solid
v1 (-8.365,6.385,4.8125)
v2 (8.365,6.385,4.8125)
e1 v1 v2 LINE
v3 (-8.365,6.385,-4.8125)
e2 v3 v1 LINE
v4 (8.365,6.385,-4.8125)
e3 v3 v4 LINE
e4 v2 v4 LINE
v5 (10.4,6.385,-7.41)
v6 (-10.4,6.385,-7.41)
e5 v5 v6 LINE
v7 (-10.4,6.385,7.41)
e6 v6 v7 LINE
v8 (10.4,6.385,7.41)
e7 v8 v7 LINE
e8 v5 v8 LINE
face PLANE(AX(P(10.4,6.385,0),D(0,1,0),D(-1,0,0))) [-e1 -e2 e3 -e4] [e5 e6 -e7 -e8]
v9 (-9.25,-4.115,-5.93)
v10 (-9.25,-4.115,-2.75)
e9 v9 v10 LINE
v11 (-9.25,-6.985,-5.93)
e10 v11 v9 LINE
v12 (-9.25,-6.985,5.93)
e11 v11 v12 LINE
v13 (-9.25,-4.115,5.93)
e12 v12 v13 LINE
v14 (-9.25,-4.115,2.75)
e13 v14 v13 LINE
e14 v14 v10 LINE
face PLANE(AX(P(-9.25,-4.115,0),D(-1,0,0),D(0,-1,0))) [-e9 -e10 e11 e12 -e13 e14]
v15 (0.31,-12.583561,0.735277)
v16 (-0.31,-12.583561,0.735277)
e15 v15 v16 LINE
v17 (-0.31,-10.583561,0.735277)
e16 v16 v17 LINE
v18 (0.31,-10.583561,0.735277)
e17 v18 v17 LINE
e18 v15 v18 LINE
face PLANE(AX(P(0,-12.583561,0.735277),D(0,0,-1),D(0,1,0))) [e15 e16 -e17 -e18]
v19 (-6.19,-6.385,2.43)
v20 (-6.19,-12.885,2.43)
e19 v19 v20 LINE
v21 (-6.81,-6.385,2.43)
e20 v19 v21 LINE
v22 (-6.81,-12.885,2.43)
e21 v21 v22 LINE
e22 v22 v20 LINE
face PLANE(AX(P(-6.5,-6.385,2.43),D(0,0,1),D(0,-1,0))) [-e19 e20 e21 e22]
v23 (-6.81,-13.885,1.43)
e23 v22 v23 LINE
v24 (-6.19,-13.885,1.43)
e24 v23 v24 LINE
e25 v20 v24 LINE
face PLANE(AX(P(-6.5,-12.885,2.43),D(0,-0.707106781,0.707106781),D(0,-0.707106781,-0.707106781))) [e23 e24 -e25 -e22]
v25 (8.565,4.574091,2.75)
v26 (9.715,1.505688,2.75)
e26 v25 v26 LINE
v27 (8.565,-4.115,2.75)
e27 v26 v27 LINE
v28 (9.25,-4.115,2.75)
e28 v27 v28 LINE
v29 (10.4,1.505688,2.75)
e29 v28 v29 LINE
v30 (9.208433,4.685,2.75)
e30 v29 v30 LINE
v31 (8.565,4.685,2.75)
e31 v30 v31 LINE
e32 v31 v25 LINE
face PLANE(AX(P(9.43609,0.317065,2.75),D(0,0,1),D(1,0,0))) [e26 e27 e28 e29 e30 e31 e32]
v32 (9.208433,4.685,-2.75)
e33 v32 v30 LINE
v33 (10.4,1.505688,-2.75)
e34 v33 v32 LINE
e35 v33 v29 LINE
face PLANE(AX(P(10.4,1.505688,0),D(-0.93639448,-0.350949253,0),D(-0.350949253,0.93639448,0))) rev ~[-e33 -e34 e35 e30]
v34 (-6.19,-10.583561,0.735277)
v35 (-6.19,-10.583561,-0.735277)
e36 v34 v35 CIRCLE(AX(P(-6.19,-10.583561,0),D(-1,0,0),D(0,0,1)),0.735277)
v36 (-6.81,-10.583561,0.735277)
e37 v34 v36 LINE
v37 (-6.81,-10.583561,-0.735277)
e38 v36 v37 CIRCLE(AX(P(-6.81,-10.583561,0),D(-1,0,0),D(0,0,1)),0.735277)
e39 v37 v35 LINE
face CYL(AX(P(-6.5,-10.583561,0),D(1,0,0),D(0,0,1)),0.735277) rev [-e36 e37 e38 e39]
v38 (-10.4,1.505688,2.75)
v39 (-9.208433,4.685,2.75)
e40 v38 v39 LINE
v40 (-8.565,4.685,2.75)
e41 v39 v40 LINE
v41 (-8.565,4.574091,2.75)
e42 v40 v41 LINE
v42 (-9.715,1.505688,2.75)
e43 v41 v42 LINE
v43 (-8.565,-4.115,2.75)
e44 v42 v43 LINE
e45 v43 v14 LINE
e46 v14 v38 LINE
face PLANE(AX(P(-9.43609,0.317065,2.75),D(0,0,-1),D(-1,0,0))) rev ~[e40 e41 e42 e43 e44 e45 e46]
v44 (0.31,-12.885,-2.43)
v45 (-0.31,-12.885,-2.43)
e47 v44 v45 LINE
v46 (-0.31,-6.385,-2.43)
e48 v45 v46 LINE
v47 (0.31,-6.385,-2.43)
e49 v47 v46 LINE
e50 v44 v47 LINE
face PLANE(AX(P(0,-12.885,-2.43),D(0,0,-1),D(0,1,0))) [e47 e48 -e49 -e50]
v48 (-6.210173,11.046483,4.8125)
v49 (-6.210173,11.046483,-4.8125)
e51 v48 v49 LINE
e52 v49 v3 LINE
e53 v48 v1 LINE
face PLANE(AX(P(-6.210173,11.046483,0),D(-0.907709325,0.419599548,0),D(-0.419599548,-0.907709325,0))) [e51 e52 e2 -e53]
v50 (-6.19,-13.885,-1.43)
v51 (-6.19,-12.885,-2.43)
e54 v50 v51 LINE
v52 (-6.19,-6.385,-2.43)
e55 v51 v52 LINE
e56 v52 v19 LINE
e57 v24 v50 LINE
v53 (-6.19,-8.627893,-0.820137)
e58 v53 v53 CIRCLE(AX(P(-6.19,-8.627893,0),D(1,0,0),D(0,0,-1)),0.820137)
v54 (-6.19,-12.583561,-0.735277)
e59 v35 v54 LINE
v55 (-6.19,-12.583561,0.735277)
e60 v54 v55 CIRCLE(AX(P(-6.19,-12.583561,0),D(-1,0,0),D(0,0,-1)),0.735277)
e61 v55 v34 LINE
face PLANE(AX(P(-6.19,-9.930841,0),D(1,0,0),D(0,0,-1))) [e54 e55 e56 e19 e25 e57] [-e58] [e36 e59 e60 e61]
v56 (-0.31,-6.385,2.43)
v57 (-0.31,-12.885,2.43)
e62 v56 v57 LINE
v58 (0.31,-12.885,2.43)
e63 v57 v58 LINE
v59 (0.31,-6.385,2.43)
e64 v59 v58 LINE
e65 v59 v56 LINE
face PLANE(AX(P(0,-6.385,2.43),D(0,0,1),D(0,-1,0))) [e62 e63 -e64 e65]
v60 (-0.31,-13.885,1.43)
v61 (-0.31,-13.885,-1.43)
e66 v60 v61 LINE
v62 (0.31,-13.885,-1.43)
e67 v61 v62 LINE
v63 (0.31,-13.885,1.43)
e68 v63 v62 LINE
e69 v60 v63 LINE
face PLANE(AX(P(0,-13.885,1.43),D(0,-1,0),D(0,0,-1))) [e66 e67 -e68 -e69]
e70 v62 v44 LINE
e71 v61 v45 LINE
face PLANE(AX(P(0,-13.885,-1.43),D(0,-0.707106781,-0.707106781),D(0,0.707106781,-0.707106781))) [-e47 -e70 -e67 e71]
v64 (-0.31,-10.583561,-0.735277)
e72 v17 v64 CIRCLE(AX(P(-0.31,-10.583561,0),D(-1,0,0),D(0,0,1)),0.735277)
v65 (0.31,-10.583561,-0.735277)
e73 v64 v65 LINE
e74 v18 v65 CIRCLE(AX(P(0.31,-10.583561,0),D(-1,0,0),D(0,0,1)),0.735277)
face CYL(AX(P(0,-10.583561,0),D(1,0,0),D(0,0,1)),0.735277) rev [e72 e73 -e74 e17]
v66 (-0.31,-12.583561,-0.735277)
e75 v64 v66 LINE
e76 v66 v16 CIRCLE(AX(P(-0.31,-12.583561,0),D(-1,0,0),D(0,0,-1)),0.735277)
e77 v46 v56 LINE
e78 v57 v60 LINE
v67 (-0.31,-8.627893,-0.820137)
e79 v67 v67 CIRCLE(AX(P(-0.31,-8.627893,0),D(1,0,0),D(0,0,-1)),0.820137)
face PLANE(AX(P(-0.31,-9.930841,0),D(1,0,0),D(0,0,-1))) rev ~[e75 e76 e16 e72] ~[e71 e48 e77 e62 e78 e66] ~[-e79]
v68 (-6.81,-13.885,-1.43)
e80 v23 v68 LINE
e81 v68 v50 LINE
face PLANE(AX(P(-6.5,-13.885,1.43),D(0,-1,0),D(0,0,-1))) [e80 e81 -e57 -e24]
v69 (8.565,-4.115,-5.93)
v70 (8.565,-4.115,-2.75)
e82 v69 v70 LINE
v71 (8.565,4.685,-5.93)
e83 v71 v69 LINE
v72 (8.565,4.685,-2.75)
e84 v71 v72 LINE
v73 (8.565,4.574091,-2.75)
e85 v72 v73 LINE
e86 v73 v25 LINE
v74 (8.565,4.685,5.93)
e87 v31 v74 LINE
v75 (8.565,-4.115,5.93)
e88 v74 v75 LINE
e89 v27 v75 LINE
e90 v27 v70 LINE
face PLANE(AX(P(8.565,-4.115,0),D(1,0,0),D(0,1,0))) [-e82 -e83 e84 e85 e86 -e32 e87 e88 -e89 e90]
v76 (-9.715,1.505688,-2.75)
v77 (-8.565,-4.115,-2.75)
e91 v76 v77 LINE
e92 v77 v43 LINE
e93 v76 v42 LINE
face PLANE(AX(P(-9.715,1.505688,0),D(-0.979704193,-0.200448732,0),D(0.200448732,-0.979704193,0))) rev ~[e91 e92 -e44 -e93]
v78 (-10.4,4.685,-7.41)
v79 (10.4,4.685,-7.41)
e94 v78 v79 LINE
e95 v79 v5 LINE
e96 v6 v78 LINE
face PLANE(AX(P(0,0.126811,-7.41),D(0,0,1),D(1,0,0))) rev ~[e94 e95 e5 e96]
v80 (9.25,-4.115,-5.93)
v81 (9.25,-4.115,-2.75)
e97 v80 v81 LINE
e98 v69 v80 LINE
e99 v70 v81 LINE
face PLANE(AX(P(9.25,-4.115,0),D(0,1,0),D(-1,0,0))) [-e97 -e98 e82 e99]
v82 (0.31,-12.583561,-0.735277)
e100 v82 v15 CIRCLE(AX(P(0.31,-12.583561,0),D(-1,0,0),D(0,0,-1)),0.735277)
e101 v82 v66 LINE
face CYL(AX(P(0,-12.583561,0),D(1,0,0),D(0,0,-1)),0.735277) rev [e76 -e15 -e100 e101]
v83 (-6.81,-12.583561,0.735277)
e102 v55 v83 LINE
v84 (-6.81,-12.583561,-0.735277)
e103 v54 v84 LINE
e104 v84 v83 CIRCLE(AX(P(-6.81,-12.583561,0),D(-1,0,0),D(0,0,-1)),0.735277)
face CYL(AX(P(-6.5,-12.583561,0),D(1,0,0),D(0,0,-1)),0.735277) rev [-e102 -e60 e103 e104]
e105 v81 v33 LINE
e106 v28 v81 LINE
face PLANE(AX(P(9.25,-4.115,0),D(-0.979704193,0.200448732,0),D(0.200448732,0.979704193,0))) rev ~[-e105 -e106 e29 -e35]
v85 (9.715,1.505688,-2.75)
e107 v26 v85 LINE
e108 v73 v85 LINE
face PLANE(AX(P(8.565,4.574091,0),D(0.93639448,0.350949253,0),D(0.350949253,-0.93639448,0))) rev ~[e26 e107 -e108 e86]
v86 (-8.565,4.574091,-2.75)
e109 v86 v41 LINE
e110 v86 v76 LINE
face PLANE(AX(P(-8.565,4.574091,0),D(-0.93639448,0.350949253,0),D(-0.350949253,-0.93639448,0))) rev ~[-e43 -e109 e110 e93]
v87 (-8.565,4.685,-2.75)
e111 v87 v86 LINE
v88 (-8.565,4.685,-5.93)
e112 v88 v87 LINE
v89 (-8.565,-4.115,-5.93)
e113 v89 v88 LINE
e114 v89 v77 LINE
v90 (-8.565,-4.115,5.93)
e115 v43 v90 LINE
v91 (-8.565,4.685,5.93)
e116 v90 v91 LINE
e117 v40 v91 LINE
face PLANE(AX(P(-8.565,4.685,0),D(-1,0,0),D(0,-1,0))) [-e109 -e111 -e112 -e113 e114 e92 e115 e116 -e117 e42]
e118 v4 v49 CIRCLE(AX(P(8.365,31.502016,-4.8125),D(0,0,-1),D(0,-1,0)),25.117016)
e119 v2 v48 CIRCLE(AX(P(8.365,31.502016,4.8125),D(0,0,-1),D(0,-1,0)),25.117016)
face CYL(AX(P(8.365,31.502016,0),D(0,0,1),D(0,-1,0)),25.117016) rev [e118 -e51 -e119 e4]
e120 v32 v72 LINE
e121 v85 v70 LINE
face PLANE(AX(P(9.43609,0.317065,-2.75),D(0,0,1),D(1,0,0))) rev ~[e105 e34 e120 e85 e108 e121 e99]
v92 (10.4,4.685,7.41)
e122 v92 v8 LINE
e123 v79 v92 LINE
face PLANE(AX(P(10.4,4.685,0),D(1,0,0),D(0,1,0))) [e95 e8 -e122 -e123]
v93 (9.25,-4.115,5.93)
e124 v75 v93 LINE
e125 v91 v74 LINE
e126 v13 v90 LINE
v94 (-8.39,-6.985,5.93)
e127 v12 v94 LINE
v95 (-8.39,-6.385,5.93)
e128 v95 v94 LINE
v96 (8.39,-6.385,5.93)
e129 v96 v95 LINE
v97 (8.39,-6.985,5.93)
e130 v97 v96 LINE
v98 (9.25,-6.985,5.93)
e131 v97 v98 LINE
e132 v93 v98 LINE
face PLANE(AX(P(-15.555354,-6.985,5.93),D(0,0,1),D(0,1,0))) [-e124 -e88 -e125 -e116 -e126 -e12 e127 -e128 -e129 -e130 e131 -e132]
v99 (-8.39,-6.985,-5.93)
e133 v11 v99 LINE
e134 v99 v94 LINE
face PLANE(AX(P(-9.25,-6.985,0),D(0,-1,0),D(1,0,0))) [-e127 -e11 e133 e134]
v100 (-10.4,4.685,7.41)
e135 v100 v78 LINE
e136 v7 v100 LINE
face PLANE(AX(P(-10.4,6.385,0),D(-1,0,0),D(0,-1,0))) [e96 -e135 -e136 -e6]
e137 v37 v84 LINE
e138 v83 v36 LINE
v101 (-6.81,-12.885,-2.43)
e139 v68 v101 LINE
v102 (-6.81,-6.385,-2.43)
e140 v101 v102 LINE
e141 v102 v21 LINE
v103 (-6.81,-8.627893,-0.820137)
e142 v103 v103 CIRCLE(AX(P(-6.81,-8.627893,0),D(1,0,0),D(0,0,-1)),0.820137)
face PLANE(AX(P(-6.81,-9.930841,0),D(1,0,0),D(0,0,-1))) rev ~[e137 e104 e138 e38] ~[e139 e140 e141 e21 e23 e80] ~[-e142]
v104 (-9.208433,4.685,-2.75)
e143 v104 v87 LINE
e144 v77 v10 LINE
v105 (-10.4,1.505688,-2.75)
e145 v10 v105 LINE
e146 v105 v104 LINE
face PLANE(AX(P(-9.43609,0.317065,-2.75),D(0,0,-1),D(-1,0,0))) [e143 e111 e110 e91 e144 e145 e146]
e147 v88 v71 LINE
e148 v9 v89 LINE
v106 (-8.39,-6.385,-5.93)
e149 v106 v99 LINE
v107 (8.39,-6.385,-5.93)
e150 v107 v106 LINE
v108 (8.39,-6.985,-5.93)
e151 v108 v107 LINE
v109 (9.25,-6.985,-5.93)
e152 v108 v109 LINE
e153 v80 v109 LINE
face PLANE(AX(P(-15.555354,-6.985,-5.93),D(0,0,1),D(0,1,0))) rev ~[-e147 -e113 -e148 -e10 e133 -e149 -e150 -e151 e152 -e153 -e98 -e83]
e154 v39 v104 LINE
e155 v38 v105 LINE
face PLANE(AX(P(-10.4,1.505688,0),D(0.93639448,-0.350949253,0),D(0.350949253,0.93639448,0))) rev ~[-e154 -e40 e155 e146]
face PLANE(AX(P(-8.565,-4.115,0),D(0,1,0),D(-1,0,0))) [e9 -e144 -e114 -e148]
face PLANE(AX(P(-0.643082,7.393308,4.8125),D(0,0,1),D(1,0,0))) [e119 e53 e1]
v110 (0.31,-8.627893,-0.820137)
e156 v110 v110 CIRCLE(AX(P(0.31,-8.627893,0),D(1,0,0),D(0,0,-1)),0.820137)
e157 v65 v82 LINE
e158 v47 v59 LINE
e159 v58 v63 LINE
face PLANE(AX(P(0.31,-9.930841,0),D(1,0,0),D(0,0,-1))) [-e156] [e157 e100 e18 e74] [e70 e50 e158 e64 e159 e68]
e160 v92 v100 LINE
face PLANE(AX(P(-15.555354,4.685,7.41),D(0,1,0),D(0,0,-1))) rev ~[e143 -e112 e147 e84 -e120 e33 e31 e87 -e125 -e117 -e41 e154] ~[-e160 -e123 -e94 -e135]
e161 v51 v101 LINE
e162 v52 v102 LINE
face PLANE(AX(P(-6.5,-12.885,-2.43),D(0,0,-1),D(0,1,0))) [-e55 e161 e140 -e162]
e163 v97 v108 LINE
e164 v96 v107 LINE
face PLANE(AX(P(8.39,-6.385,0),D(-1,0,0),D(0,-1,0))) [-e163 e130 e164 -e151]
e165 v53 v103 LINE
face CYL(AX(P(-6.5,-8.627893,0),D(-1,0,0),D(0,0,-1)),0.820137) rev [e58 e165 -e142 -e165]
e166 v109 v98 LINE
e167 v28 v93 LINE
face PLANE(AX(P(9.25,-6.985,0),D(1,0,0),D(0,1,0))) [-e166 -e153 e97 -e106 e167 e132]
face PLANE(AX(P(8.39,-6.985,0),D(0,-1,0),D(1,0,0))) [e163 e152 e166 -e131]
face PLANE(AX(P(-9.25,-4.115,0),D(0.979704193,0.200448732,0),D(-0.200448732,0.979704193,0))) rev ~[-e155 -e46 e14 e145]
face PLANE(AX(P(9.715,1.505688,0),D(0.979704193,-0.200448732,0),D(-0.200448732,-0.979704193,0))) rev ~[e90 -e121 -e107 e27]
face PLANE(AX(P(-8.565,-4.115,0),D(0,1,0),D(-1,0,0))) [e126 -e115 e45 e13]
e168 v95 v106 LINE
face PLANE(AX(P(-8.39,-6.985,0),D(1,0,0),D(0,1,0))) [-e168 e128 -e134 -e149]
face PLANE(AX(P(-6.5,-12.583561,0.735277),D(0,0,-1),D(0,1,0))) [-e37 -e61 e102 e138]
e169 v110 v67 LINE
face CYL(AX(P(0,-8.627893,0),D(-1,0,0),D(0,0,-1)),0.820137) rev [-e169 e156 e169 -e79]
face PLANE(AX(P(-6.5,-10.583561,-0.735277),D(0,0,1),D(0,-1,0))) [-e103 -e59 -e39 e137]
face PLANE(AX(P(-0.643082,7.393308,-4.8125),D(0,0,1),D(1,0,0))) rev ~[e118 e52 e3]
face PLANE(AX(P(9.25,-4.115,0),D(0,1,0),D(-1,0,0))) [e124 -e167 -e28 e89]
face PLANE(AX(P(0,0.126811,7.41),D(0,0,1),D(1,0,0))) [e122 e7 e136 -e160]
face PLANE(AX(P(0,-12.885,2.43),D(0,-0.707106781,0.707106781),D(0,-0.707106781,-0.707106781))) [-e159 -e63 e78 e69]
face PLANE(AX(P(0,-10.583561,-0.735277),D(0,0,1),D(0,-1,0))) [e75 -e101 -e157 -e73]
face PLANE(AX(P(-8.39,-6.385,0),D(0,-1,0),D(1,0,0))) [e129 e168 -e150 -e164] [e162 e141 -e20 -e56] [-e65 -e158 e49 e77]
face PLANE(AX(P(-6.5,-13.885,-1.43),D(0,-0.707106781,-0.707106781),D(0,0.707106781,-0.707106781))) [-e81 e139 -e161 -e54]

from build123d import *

# Parameters (mm, degrees)
BOSS_EXTRUDE1_DEPTH     = 7.41
CUT_EXTRUDE1_DEPTH      = 15.555353826
CUT_EXTRUDE1_DEPTH_BACK = 15.555353826
SKETCH2_W               = 1.48
SKETCH2_H               = 11.67
BOSS_EXTRUDE2_DEPTH     = 2.75
BOSS_EXTRUDE3_DEPTH     = 4.8125
SKETCH6_R               = 0.820137038
BOSS_EXTRUDE4_DEPTH     = 0.31
LPATTERN1_COUNT         = 2
LPATTERN1_PITCH         = 6.5


with BuildPart() as part:
    # Sketch1 → Boss-Extrude1 (new, symmetric)
    with BuildSketch(Plane.XY):
        Polygon((8.39, -6.985), (9.25, -6.985), (9.25, -4.115), (8.565, -4.115), (8.565, 4.685), (10.4, 4.685), (10.4, 6.385), (-10.4, 6.385), (-10.4, 4.685), (-8.565, 4.685), (-8.565, -4.115), (-9.25, -4.115), (-9.25, -6.985), (-8.39, -6.985), (-8.39, -6.385), (8.39, -6.385), align=None)
    extrude(amount=BOSS_EXTRUDE1_DEPTH, both=True)

    # Sketch2 → Cut-Extrude1 (cut, two sides: drawn at the far end of the back side and taken through both)
    with BuildSketch(Plane(origin=(0, 0, 0), x_dir=(0, 0, -1), z_dir=(1, 0, 0)).offset(-CUT_EXTRUDE1_DEPTH_BACK)):
        with Locations((-6.67, -1.15)):
            Rectangle(SKETCH2_W, SKETCH2_H)
        with Locations((6.67, -1.15)):
            Rectangle(SKETCH2_W, SKETCH2_H)
    extrude(amount=CUT_EXTRUDE1_DEPTH + CUT_EXTRUDE1_DEPTH_BACK, mode=Mode.SUBTRACT)

    # Sketch3 → Boss-Extrude2 (add, symmetric)
    with BuildSketch(Plane.XY):
        Polygon((9.25, -4.115), (10.4, 1.505688207), (9.208432641, 4.685), (8.565, 4.685), (8.565, 4.574090958), (9.715, 1.505688207), (8.565, -4.115), align=None)
        Polygon((-8.565, -4.115), (-9.25, -4.115), (-10.4, 1.505688207), (-9.208432641, 4.685), (-8.565, 4.685), (-8.565, 4.574090958), (-9.715, 1.505688207), align=None)
    extrude(amount=BOSS_EXTRUDE2_DEPTH, both=True)

    # Sketch4 → Boss-Extrude3 (add, symmetric)
    with BuildSketch(Plane.XY):
        with BuildLine():
            Line((-6.210173318, 11.046483266), (-8.365, 6.385))
            Line((-8.365, 6.385), (8.365, 6.385))
            ThreePointArc((8.365, 6.385), (0.713772917, 7.578738259), (-6.210173318, 11.046483266))
        make_face()
    extrude(amount=BOSS_EXTRUDE3_DEPTH, both=True)

    # Sketch6 → Boss-Extrude4 (add, symmetric)
    with BuildSketch(Plane(origin=(0, 0, 0), x_dir=(0, 0, -1), z_dir=(1, 0, 0))):
        Polygon((-2.43, -6.385), (-2.43, -12.885), (-1.43, -13.885), (1.43, -13.885), (2.43, -12.885), (2.43, -6.385), align=None)
        with Locations((0, -8.62789293)):
            Circle(SKETCH6_R, mode=Mode.SUBTRACT)
        with BuildLine():
            Line((0.735277294, -10.583561043), (0.735277294, -12.583561043))
            ThreePointArc((0.735277294, -12.583561043), (0, -13.318838337), (-0.735277294, -12.583561043))
            Line((-0.735277294, -12.583561043), (-0.735277294, -10.583561043))
            ThreePointArc((-0.735277294, -10.583561043), (0, -9.848283749), (0.735277294, -10.583561043))
        make_face(mode=Mode.SUBTRACT)
    boss_extrude4 = extrude(amount=BOSS_EXTRUDE4_DEPTH, both=True)

    # LPattern1: Boss-Extrude4 ×2
    with Locations(*[(-i * LPATTERN1_PITCH, 0, 0) for i in range(1, LPATTERN1_COUNT)]):
        add(boss_extrude4)


solid = part.part
